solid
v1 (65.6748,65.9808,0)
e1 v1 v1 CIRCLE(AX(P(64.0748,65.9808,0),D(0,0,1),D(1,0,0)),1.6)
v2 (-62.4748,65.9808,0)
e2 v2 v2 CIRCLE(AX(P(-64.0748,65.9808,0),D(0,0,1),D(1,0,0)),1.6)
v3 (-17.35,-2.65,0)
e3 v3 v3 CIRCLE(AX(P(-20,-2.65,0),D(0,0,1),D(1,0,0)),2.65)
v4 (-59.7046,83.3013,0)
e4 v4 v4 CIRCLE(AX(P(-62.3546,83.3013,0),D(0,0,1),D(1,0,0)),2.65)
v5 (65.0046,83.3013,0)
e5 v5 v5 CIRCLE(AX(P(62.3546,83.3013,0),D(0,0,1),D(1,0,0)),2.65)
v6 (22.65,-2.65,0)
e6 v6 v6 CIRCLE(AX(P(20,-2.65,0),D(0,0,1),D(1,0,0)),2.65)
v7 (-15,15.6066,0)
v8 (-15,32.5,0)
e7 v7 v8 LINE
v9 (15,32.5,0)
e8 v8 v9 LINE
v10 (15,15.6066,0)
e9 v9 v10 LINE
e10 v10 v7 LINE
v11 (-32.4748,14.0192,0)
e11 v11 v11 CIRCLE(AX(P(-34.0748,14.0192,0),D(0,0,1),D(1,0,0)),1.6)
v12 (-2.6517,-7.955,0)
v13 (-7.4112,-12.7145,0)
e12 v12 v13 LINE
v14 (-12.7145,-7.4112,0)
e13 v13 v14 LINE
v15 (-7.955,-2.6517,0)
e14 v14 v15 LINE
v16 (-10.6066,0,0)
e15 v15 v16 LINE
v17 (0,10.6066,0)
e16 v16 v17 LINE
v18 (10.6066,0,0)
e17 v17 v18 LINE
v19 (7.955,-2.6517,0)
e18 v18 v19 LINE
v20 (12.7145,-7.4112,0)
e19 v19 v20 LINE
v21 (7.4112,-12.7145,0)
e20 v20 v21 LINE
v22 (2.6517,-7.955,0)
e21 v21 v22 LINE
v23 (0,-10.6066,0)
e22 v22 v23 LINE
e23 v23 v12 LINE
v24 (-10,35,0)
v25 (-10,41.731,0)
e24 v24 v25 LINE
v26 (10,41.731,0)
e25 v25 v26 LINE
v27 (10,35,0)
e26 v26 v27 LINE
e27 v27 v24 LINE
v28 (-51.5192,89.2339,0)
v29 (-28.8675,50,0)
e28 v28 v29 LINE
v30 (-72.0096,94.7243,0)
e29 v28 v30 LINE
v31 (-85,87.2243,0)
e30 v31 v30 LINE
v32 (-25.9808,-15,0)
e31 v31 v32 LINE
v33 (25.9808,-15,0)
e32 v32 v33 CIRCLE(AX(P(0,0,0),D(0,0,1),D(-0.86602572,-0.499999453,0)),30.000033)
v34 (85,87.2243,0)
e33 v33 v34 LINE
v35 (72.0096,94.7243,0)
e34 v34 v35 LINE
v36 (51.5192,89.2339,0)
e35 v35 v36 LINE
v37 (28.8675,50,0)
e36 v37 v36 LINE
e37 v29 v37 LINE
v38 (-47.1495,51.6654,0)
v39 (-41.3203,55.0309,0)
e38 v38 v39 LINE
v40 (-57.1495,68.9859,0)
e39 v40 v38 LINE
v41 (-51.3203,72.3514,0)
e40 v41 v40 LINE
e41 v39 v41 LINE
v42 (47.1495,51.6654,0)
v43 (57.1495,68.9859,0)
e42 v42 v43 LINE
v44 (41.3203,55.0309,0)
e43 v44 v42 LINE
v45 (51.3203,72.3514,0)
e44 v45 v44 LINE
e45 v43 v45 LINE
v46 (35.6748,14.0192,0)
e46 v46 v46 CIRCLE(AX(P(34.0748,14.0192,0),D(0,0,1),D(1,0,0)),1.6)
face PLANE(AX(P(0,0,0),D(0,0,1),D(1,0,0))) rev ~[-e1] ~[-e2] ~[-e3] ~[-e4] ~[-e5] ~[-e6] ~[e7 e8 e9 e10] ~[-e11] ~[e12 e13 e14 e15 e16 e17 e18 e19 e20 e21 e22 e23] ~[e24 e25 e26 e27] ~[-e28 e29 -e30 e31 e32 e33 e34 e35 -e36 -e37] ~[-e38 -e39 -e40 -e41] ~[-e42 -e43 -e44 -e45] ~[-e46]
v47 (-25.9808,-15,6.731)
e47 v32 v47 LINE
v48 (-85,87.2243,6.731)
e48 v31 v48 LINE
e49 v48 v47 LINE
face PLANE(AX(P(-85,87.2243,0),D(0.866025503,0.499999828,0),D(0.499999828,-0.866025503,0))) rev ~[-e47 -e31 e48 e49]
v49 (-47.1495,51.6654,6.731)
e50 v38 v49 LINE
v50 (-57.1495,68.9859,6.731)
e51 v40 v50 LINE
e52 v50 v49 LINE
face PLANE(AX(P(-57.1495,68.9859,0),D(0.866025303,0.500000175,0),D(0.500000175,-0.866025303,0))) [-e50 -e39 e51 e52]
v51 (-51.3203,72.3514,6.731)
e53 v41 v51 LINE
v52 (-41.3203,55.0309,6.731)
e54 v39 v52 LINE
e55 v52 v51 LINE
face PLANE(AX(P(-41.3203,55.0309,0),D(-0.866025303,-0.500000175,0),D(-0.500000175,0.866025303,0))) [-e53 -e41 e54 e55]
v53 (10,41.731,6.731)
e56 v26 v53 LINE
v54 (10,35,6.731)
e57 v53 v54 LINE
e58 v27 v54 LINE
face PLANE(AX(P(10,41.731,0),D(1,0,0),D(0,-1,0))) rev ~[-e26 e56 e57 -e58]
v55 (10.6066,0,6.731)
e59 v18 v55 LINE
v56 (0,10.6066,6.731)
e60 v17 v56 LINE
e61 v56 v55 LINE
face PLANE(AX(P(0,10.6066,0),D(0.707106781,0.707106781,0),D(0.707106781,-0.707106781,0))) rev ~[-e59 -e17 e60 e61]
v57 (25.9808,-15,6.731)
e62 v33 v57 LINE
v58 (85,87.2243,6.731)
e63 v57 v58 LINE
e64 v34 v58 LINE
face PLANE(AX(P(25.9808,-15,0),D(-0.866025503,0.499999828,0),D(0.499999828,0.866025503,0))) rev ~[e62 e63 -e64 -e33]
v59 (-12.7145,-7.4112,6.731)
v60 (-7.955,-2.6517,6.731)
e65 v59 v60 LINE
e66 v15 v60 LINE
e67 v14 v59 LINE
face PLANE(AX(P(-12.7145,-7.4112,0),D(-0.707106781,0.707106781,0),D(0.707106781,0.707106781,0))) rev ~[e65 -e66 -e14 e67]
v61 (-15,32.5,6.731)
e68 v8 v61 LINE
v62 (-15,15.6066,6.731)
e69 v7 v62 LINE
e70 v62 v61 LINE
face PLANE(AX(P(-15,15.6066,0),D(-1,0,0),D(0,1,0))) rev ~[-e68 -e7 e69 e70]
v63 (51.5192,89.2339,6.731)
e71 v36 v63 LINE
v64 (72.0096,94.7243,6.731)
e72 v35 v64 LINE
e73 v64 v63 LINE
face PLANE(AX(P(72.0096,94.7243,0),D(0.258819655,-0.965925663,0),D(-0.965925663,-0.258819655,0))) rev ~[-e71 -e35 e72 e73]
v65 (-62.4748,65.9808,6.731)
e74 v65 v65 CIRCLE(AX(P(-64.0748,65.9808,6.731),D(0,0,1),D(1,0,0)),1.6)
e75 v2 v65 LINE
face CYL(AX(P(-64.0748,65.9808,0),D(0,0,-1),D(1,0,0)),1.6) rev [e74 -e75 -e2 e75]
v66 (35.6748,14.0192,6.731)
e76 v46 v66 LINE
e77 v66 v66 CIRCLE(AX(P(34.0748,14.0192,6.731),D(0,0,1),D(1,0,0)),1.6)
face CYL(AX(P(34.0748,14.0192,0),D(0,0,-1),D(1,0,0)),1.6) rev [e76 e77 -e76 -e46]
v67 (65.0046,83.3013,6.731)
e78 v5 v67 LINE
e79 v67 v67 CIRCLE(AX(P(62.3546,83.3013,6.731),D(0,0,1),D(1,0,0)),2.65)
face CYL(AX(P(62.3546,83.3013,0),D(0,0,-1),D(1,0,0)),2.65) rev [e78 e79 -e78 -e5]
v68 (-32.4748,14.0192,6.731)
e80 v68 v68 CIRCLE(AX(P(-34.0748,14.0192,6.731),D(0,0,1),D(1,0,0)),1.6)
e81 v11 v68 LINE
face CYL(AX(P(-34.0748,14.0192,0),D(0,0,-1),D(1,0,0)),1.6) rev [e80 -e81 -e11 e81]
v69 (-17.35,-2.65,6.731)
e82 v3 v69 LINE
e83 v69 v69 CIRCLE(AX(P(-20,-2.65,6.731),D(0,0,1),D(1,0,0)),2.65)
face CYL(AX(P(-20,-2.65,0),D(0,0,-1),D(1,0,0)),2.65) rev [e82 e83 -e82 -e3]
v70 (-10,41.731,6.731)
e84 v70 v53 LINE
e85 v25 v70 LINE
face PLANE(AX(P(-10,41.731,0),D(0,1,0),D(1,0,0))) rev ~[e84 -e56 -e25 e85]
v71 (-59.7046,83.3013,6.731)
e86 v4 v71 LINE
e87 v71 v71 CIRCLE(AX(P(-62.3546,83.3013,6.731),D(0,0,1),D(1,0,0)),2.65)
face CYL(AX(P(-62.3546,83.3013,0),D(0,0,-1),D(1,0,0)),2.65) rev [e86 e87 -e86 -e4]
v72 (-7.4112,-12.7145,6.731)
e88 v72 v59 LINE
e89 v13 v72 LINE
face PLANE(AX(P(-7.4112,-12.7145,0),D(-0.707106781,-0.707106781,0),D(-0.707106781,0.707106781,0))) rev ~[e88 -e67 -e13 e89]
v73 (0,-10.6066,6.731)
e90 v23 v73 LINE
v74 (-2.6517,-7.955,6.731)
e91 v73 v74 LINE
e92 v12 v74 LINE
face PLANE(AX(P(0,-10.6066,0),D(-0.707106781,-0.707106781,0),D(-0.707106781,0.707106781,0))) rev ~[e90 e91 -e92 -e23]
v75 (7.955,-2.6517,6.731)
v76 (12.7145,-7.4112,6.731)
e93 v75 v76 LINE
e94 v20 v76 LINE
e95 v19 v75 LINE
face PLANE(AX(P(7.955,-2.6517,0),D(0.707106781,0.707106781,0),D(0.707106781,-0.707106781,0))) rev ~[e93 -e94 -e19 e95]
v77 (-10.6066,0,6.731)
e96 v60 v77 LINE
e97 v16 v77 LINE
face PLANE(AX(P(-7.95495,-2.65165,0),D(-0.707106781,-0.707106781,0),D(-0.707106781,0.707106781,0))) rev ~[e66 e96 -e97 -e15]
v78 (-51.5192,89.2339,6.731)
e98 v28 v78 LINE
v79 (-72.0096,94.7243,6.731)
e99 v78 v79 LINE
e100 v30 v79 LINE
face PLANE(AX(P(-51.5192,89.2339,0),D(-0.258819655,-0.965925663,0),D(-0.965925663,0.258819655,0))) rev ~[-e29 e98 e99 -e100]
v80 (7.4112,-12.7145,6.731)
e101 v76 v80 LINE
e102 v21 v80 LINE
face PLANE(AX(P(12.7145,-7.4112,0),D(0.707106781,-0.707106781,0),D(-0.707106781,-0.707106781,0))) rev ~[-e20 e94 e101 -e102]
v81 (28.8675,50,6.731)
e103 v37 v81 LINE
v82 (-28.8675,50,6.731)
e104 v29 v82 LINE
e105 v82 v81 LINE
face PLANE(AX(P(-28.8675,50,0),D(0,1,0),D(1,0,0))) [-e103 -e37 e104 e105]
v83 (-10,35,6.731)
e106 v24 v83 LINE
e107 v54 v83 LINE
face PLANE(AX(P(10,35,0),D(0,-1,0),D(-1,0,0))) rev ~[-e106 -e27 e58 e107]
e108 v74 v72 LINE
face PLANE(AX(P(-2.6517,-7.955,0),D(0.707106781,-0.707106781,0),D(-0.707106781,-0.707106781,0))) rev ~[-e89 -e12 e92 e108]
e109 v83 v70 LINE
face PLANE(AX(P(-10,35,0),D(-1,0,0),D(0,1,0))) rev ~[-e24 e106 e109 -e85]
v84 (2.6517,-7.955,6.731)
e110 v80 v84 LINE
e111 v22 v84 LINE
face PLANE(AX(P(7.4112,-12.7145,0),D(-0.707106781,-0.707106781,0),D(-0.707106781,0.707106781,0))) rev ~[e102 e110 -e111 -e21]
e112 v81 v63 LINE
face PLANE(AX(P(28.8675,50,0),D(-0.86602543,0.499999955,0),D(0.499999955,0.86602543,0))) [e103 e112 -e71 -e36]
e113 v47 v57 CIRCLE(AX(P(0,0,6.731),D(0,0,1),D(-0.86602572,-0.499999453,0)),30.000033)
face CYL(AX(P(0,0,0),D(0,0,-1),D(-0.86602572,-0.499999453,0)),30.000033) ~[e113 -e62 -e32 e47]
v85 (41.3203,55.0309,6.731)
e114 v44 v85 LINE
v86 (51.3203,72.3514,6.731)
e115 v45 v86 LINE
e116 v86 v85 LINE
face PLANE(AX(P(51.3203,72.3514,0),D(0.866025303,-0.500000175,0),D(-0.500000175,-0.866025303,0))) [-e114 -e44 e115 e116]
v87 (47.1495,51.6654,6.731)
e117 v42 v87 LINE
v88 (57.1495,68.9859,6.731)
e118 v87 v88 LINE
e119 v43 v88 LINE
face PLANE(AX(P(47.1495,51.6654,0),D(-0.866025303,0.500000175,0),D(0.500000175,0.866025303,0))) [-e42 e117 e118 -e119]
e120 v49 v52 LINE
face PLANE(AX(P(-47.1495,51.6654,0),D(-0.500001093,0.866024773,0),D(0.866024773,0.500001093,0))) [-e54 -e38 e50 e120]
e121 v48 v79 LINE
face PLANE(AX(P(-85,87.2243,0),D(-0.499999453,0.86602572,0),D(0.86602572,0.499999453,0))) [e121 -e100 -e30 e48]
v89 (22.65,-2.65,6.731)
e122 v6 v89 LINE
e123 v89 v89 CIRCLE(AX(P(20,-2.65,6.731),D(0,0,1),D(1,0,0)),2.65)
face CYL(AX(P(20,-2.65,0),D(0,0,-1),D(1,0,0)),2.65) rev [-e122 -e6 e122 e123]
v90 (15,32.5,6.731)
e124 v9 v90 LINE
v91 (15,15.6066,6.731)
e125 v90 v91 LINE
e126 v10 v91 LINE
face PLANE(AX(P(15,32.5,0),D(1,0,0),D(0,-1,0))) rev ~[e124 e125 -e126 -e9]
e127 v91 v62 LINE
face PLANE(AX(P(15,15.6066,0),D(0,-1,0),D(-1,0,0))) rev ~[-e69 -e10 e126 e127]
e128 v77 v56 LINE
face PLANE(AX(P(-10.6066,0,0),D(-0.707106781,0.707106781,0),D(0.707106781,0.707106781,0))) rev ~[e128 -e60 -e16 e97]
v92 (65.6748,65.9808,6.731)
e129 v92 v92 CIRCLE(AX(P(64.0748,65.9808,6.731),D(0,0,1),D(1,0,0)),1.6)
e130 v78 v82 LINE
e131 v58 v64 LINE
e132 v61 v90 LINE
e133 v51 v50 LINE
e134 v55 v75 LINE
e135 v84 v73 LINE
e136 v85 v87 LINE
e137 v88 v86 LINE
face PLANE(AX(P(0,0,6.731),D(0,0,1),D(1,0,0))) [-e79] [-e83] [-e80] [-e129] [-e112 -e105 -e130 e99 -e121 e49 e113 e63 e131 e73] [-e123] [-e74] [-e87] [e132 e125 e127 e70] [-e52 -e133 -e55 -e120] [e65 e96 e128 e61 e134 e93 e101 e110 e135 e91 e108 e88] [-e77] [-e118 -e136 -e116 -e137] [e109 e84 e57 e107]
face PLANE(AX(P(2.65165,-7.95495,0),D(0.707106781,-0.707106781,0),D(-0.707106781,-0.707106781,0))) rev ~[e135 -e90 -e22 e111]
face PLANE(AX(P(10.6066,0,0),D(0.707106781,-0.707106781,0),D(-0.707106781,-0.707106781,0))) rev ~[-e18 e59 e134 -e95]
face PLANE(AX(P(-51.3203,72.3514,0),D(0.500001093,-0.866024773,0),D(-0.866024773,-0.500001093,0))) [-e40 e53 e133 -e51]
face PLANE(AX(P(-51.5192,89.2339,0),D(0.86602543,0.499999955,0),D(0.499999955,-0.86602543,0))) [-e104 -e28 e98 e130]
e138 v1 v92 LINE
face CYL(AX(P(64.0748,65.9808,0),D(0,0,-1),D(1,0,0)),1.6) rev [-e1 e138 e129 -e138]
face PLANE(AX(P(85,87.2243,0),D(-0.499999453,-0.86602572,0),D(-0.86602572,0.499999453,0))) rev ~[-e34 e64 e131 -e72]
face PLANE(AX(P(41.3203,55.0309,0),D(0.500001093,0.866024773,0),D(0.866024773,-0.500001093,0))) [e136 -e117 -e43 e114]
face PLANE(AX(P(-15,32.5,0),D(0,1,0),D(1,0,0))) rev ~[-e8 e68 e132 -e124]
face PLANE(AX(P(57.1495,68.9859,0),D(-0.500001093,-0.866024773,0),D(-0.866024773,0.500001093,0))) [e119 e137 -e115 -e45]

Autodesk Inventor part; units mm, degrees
ref_plane "YZ Plane" through (0, 0, 0) normal (1, 0, 0) x (0, 1, 0)
ref_plane "XZ Plane" through (0, 0, 0) normal (0, 1, 0) x (-1, 0, 0)
ref_plane "XY Plane" through (0, 0, 0) normal (0, 0, 1) x (1, 0, 0)
sketch "Sketch1" plane through (0, 0, 0) normal (0, 0, 1) x (1, 0, 0)
  line L0 (-10.6066, 0) -> (0, 10.6066)
  line L1 (0, 10.6066) -> (10.6066, 0)
  line L2 (10.6066, 0) -> (0, -10.6066)
  line L3 (0, -10.6066) -> (-10.6066, 0)
  arc A0 (-25.9808, -15) -> (25.9808, -15) centre (0, 0) ccw
  line L4 (25.9808, -15) -> (85, 87.2243)
  line L5 (10, 41.731) -> (10, 35)
  line L6 (10, 35) -> (-10, 35)
  line L7 (-10, 35) -> (-10, 41.731)
  line L8 (-10, 41.731) -> (10, 41.731)
  line L9 (-85, 87.2243) -> (-25.9808, -15)
  circle A1 centre (-49.0748, 40) radius 1.6
  circle A2 centre (-64.0748, 65.9808) radius 1.6
  circle A3 centre (49.0748, 40) radius 1.6
  circle A4 centre (64.0748, 65.9808) radius 1.6
  line L10 (-85, 87.2243) -> (-72.0096, 94.7243)
  line L11 (-51.5192, 89.2339) -> (-28.8675, 50)
  line L12 (-28.8675, 50) -> (28.8675, 50)
  line L13 (28.8675, 50) -> (51.5192, 89.2339)
  line L14 (2.6517, -7.955) -> (7.955, -2.6517)
  line L15 (7.955, -2.6517) -> (12.7145, -7.4112)
  line L16 (12.7145, -7.4112) -> (7.4112, -12.7145)
  line L17 (7.4112, -12.7145) -> (2.6517, -7.955)
  line L18 (-2.6517, -7.955) -> (-7.4112, -12.7145)
  line L19 (-7.4112, -12.7145) -> (-12.7145, -7.4112)
  line L20 (-12.7145, -7.4112) -> (-7.955, -2.6517)
  line L21 (-7.955, -2.6517) -> (-2.6517, -7.955)
  circle A5 centre (-37.3546, 40) radius 2.65
  circle A6 centre (37.3546, 40) radius 2.65
  circle A7 centre (-62.3546, 83.3013) radius 2.65
  circle A8 centre (62.3546, 83.3013) radius 2.65
  circle A9 centre (-20, -2.65) radius 2.65
  circle A10 centre (20, -2.65) radius 2.65
  line L22 (-57.1495, 68.9859) -> (-47.1495, 51.6654)
  line L23 (-47.1495, 51.6654) -> (-41.3203, 55.0309)
  line L24 (-41.3203, 55.0309) -> (-51.3203, 72.3514)
  line L25 (-51.3203, 72.3514) -> (-57.1495, 68.9859)
  line L26 (47.1495, 51.6654) -> (57.1495, 68.9859)
  line L27 (57.1495, 68.9859) -> (51.3203, 72.3514)
  line L28 (51.3203, 72.3514) -> (41.3203, 55.0309)
  line L29 (41.3203, 55.0309) -> (47.1495, 51.6654)
  line L30 (-15, 32.5) -> (15, 32.5)
  line L31 (15, 32.5) -> (15, 15.6066)
  line L32 (15, 15.6066) -> (-15, 15.6066)
  line L33 (-15, 15.6066) -> (-15, 32.5)
  line L34 (-10.6066, 0) -> (10.6066, 0)
  line L35 (25.9808, -15) -> (0, -60)
  line L36 (0, -60) -> (-25.9808, -15)
  line L37 (85, 87.2243) -> (72.0096, 94.7243)
  circle A11 centre (-34.0748, 14.0192) radius 1.6
  circle A12 centre (34.0748, 14.0192) radius 1.6
  line L38 (72.0096, 94.7243) -> (51.5192, 89.2339)
  line L39 (-51.5192, 89.2339) -> (-72.0096, 94.7243)
  point P0 (0, 0)
  point P1 (0, 35)
  point P2 (0, 32.5)
  dimension "d0" = 15
  dimension "d9" = 30
  dimension "d11" = 6.731
  dimension "d12" = 20
  dimension "d25" = 60
  dimension "d34" = 3.2
  dimension "d36" = 30
  dimension "d38" = 30
  dimension "d40" = 7.5
  dimension "d41" = 7.5
  dimension "d42" = 7.5
  dimension "d43" = 7.5
  dimension "d45" = 40
  dimension "d54" = 50
  dimension "d55" = 0
  dimension "d56" = 0
  dimension "d57" = 7.5
  dimension "d58" = 3.75
  dimension "d63" = 15
  dimension "d64" = 5.3
  dimension "d66" = 50
  dimension "d67" = 15
  dimension "d68" = 15
  dimension "d73" = 20
  dimension "d74" = 15
  dimension "d75" = 15
  dimension "d76" = 15
  dimension "d77" = 15
  dimension "d79" = 35
  dimension "d80" = 2.5
  dimension "d81" = 5
  dimension "d82" = 30
  dimension "d83" = 20
  dimension "d84" = 20
  dimension "d85" = 40
  dimension "d86" = 170
  dimension "d88" = 30
  dimension "d89" = 30
  dimension "d90" = 7.5
  dimension "d91" = 7.5
  dimension "d92" = 135
  dimension "d93" = 30
  dimension "d94" = 45
  dimension "d95" = 15
extrude "Extrusion2" add sketch "Sketch1" along normal blind 6.731 contours L9 L10 L39 L11 L12 L13 L38 L37 L4 A0 | A5 | A6
sketch "Sketch2" plane through (0, 0, 6.731) normal (0, 0, 1) x (1, 0, 0)
  circle A0 centre (49.0748, 40) radius 1.6 projected
  circle A1 centre (-49.0748, 40) radius 1.6 projected
extrude "Extrusion3" add sketch "Sketch2" against normal up to surface (6.731 mm away)
equation "\"d38\" = d36"
equation "\"d41\" = d40"
equation "\"d58\" = 0.5 * d57"
equation "\"THICKA\" = 3.175"
equation "\"THICKB\" = 6.731"
equation "\"THICKC\" = 12.7"
equation "\"BALLDIA\" = 12"
equation "\"MAGDIA\" = 9.5"
equation "\"THICKPLY\" = 5"
properties part number "Frame_Lower_Plate_Bottom"
